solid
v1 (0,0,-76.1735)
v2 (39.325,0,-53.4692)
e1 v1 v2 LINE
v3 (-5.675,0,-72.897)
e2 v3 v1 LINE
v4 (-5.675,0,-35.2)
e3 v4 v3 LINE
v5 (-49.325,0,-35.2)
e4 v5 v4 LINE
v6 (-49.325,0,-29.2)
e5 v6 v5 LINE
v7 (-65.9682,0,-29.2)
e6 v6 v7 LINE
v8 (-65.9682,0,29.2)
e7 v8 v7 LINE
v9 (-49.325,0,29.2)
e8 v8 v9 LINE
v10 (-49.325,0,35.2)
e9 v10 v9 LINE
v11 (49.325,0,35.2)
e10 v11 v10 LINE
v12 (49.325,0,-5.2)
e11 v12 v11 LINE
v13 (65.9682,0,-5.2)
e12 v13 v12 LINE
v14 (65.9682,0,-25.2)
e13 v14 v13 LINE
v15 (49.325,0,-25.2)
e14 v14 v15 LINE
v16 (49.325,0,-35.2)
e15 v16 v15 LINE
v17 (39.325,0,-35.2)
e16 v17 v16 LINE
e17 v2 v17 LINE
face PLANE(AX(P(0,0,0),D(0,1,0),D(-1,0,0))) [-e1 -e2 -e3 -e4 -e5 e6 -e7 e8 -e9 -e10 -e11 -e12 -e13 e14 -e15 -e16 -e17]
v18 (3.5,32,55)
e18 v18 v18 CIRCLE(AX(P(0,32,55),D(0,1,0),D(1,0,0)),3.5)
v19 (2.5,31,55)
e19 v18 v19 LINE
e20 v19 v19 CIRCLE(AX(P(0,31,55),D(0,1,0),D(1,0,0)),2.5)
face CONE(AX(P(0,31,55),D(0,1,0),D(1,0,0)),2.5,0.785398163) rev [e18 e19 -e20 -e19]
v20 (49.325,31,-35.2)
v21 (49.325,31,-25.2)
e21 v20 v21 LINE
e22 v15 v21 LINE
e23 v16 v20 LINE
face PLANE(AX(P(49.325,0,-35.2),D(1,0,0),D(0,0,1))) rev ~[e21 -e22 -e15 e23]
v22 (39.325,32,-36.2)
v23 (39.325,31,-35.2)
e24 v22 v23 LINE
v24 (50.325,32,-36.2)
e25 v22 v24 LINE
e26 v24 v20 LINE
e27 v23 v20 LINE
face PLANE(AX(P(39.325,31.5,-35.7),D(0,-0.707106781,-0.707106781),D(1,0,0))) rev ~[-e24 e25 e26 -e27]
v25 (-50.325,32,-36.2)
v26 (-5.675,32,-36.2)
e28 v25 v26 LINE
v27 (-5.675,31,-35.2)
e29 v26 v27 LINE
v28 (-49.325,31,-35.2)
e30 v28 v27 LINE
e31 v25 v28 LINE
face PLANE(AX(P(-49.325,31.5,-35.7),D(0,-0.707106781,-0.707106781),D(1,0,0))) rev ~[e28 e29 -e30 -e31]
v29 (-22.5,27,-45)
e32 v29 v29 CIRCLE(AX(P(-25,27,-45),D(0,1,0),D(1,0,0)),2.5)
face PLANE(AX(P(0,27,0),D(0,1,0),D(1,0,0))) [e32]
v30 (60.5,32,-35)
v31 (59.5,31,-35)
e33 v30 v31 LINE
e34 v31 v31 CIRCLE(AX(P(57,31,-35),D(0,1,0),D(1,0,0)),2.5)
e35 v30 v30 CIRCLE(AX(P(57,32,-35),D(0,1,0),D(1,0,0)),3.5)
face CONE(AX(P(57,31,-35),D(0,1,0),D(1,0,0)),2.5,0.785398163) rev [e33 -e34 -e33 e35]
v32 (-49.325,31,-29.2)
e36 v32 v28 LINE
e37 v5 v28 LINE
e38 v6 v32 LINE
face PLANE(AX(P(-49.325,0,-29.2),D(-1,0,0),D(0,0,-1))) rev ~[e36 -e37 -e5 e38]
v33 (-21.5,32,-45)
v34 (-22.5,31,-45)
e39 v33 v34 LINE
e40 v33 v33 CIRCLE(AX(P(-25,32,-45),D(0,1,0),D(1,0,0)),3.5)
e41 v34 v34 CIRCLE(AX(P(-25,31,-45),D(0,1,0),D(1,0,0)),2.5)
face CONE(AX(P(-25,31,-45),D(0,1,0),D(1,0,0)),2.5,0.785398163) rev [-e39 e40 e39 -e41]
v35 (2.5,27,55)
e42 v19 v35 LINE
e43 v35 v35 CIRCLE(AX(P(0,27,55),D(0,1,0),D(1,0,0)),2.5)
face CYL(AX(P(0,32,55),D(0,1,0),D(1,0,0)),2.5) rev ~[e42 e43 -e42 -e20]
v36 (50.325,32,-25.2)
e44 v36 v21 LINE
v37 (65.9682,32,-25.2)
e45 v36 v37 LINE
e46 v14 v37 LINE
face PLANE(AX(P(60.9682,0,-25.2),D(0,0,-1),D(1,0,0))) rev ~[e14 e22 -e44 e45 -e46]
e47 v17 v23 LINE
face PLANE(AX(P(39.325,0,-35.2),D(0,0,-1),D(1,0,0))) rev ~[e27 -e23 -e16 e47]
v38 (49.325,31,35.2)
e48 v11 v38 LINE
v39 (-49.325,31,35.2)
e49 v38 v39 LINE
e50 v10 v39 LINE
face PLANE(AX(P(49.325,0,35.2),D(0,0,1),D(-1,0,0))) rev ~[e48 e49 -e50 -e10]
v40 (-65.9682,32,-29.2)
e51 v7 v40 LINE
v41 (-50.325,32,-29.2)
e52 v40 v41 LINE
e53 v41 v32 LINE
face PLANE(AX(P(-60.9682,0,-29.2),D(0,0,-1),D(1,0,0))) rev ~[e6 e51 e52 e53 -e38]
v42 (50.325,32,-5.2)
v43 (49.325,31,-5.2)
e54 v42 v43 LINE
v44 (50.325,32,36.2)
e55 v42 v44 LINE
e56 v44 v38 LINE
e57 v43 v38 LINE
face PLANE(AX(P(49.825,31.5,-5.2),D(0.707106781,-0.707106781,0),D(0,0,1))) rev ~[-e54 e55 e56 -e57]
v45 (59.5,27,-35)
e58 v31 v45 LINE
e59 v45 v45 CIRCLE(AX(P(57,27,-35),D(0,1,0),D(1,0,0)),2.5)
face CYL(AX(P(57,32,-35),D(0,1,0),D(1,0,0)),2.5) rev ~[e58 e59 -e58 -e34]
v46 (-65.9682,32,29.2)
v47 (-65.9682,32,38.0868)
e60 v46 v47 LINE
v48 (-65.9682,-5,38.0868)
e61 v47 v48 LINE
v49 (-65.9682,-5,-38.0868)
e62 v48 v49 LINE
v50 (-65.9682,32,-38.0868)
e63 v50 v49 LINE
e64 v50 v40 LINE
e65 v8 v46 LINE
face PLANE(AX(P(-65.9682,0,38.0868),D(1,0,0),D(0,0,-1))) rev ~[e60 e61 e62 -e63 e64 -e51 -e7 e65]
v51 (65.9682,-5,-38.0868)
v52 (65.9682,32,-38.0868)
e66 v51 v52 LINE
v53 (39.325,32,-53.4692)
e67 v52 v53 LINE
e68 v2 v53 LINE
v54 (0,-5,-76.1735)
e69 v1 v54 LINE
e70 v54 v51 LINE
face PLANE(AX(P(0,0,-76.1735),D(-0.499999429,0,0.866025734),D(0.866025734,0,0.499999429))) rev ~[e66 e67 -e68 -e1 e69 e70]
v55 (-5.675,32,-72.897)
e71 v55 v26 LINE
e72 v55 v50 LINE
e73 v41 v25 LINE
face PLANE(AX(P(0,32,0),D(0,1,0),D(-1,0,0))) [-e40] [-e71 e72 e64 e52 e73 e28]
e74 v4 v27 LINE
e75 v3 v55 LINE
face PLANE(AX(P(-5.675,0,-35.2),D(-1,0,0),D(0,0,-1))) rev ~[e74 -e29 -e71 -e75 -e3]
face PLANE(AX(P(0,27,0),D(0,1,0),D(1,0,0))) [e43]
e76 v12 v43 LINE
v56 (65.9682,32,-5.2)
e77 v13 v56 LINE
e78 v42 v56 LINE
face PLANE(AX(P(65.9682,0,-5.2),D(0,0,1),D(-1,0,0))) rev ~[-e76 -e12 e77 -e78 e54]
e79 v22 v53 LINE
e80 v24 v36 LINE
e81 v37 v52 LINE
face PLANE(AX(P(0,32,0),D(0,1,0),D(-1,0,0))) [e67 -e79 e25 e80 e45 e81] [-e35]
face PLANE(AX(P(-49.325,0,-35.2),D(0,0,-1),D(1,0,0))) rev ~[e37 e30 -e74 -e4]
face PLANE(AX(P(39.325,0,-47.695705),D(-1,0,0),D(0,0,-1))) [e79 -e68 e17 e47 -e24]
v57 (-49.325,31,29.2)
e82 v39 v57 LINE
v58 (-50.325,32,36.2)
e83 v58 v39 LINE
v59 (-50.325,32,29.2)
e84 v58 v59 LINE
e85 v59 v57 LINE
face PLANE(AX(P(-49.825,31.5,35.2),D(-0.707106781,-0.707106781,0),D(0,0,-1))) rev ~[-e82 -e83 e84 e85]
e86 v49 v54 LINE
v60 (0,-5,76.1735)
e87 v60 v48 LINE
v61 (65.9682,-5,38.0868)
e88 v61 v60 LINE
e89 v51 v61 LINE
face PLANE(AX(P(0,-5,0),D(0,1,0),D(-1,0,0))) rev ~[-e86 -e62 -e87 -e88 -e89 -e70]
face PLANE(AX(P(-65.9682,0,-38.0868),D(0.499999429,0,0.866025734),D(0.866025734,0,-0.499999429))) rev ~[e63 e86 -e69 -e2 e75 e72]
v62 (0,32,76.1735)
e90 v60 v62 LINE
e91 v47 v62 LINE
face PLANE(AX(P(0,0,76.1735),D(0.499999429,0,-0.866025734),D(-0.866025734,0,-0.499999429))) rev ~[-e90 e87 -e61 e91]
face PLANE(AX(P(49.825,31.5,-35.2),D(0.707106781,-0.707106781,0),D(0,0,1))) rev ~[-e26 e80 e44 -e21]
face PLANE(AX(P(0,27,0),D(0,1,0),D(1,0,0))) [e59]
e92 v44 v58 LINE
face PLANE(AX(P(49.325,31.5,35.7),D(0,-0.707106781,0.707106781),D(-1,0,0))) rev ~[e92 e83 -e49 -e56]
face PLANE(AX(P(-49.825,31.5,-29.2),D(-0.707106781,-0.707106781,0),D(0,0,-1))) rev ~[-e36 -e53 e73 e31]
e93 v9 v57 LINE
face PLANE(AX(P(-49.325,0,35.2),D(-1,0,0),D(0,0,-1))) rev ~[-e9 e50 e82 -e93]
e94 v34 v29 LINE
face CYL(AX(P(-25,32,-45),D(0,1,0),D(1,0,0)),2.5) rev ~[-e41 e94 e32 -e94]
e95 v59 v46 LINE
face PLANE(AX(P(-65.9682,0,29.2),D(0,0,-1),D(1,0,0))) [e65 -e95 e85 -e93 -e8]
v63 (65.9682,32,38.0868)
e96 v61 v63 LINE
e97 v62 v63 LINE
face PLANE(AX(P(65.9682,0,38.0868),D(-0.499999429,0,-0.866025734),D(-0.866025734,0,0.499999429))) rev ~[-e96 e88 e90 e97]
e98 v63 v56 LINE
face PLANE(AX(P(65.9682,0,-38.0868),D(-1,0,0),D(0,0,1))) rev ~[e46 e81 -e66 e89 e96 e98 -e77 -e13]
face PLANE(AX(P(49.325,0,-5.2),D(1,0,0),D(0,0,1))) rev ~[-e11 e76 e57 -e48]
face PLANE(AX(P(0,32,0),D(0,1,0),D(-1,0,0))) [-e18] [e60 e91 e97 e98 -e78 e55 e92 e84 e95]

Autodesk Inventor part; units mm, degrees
ref_plane "YZ Plane" through (0, 0, 0) normal (1, 0, 0) x (0, 1, 0)
ref_plane "XZ Plane" through (0, 0, 0) normal (0, 1, 0) x (-1, 0, 0)
ref_plane "XY Plane" through (0, 0, 0) normal (0, 0, 1) x (1, 0, 0)
sketch "스케치2" plane through (0, 0, 0) normal (0, 1, 0) x (-1, 0, 0)
  line L0 (0, -70.4) -> (-60.9682, -35.2)
  line L1 (-60.9682, -35.2) -> (-60.9682, 35.2)
  line L2 (-60.9682, 35.2) -> (0, 70.4)
  line L3 (0, 70.4) -> (60.9682, 35.2)
  line L4 (60.9682, 35.2) -> (60.9682, -35.2)
  line L5 (60.9682, -35.2) -> (0, -70.4)
  line L6 (60.9682, -35.2) -> (-60.9682, -35.2)
  line L7 (-60.9682, -35.2) -> (-60.9682, 35.2)
  line L8 (-60.9682, 35.2) -> (60.9682, 35.2)
  line L9 (60.9682, 35.2) -> (60.9682, -35.2)
  line L10 (60.9682, -35.2) -> (-60.9682, 35.2) construction
  line L11 (-60.9682, -35.2) -> (60.9682, 35.2) construction
  line L12 (0, 76.1735) -> (-65.9682, 38.0868)
  line L13 (-65.9682, 38.0868) -> (-65.9682, -38.0868)
  line L14 (-65.9682, -38.0868) -> (0, -76.1735)
  line L15 (0, -76.1735) -> (65.9682, -38.0868)
  line L16 (65.9682, -38.0868) -> (65.9682, 38.0868)
  line L17 (65.9682, 38.0868) -> (0, 76.1735)
  line L18 (49.325, -35.2) -> (-49.325, -35.2)
  line L19 (-49.325, -35.2) -> (-49.325, 35.2)
  line L20 (-49.325, 35.2) -> (49.325, 35.2)
  line L21 (49.325, 35.2) -> (49.325, -35.2)
  line L22 (49.325, -35.2) -> (-49.325, 35.2) construction
  line L23 (-49.325, -35.2) -> (49.325, 35.2) construction
  line L24 (49.325, 35.2) -> (65.9682, 35.2)
  line L25 (65.9682, 35.2) -> (65.9682, 29.2)
  line L26 (65.9682, 29.2) -> (49.325, 29.2)
  line L27 (49.325, 29.2) -> (49.325, 35.2)
  line L28 (49.325, -35.2) -> (65.9682, -35.2)
  line L29 (65.9682, -35.2) -> (65.9682, -29.2)
  line L30 (65.9682, -29.2) -> (49.325, -29.2)
  line L31 (49.325, -29.2) -> (49.325, -35.2)
  line L32 (5.675, -35.2) -> (5.675, -72.897)
  line L33 (-49.325, -25.2) -> (-65.9682, -25.2)
  line L34 (-65.9682, -25.2) -> (-65.9682, -5.2)
  line L35 (-65.9682, -5.2) -> (-49.325, -5.2)
  line L36 (-49.325, -5.2) -> (-49.325, -25.2)
  line L37 (-39.325, -35.2) -> (-39.325, -53.4692)
  point P0 (0, 0)
  point P1 (0, 0)
  dimension "d2" = 70.4
  dimension "d3" = 70.4
  dimension "d4" = 5
  dimension "d5" = 98.65
  dimension "d6" = 6
  dimension "d7" = 6
  dimension "d9" = 10
  dimension "d10" = 30
  dimension "d15" = 10
  dimension "d16" = 55
extrude "돌출1" add sketch "스케치2" along normal blind 32 contours L37 L14 L13 L33 L1 L0 | L0 L6 L37 | L32 L6 L5 | L5 L28 L16 L15 L32 | L1 L33 L19 L6 | L6 L21 L30 L4 | L4 L30 L16 L28 | L35 L13 L12 L17 L16 L24 L3 L2 L1 | L1 L8 L19 L35 | L26 L21 L8 L4 | L4 L24 L16 L26 | L2 L3 L8
sketch "스케치3" plane through (0, 0, 0) normal (0, 1, 0) x (-1, 0, 0)
  line L0 (0, 76.1735) -> (-65.9682, 38.0868) construction
  line L1 (0, 76.1735) -> (65.9682, 38.0868)
  line L2 (65.9682, 38.0868) -> (65.9682, -38.0868)
  line L3 (65.9682, -38.0868) -> (0, -76.1735)
  line L4 (0, -76.1735) -> (-65.9682, -38.0868)
  line L5 (-65.9682, -38.0868) -> (-65.9682, 38.0868)
  line L6 (-65.9682, 38.0868) -> (0, 76.1735)
  point P0 (0, 0)
  point P1 (0, 0)
extrude "돌출2" add sketch "스케치3" against normal blind 5
sketch "스케치4" plane through (0, 32, 0) normal (0, 1, 0) x (1, 0, 0)
  circle A0 centre (0, -55) radius 2.5
  circle A1 centre (-25, 45) radius 2.5
  circle A2 centre (57, 35) radius 2.5
  point P0 (0, 0)
  dimension "d17" = 5
  dimension "d18" = 55
  dimension "d19" = 5
  dimension "d20" = 45
  dimension "d21" = 25
  dimension "d22" = 5
  dimension "d23" = 57
  dimension "d24" = 35
extrude "돌출3" cut sketch "스케치4" against normal blind 5
chamfer "모따기1" distance 1 angle 45 10 edges at (-2.5, 32, 55) (-27.5, 32, -45) (54.5, 32, -35) (-27.5, 32, -35.2) (-49.325, 32, -32.2) (-49.325, 32, 32.2) (0, 32, 35.2) (44.325, 32, -35.2) (49.325, 32, -30.2) (49.325, 32, 15)
equation "\"d3\" = d2"
properties part number "pi_case_bottom"
